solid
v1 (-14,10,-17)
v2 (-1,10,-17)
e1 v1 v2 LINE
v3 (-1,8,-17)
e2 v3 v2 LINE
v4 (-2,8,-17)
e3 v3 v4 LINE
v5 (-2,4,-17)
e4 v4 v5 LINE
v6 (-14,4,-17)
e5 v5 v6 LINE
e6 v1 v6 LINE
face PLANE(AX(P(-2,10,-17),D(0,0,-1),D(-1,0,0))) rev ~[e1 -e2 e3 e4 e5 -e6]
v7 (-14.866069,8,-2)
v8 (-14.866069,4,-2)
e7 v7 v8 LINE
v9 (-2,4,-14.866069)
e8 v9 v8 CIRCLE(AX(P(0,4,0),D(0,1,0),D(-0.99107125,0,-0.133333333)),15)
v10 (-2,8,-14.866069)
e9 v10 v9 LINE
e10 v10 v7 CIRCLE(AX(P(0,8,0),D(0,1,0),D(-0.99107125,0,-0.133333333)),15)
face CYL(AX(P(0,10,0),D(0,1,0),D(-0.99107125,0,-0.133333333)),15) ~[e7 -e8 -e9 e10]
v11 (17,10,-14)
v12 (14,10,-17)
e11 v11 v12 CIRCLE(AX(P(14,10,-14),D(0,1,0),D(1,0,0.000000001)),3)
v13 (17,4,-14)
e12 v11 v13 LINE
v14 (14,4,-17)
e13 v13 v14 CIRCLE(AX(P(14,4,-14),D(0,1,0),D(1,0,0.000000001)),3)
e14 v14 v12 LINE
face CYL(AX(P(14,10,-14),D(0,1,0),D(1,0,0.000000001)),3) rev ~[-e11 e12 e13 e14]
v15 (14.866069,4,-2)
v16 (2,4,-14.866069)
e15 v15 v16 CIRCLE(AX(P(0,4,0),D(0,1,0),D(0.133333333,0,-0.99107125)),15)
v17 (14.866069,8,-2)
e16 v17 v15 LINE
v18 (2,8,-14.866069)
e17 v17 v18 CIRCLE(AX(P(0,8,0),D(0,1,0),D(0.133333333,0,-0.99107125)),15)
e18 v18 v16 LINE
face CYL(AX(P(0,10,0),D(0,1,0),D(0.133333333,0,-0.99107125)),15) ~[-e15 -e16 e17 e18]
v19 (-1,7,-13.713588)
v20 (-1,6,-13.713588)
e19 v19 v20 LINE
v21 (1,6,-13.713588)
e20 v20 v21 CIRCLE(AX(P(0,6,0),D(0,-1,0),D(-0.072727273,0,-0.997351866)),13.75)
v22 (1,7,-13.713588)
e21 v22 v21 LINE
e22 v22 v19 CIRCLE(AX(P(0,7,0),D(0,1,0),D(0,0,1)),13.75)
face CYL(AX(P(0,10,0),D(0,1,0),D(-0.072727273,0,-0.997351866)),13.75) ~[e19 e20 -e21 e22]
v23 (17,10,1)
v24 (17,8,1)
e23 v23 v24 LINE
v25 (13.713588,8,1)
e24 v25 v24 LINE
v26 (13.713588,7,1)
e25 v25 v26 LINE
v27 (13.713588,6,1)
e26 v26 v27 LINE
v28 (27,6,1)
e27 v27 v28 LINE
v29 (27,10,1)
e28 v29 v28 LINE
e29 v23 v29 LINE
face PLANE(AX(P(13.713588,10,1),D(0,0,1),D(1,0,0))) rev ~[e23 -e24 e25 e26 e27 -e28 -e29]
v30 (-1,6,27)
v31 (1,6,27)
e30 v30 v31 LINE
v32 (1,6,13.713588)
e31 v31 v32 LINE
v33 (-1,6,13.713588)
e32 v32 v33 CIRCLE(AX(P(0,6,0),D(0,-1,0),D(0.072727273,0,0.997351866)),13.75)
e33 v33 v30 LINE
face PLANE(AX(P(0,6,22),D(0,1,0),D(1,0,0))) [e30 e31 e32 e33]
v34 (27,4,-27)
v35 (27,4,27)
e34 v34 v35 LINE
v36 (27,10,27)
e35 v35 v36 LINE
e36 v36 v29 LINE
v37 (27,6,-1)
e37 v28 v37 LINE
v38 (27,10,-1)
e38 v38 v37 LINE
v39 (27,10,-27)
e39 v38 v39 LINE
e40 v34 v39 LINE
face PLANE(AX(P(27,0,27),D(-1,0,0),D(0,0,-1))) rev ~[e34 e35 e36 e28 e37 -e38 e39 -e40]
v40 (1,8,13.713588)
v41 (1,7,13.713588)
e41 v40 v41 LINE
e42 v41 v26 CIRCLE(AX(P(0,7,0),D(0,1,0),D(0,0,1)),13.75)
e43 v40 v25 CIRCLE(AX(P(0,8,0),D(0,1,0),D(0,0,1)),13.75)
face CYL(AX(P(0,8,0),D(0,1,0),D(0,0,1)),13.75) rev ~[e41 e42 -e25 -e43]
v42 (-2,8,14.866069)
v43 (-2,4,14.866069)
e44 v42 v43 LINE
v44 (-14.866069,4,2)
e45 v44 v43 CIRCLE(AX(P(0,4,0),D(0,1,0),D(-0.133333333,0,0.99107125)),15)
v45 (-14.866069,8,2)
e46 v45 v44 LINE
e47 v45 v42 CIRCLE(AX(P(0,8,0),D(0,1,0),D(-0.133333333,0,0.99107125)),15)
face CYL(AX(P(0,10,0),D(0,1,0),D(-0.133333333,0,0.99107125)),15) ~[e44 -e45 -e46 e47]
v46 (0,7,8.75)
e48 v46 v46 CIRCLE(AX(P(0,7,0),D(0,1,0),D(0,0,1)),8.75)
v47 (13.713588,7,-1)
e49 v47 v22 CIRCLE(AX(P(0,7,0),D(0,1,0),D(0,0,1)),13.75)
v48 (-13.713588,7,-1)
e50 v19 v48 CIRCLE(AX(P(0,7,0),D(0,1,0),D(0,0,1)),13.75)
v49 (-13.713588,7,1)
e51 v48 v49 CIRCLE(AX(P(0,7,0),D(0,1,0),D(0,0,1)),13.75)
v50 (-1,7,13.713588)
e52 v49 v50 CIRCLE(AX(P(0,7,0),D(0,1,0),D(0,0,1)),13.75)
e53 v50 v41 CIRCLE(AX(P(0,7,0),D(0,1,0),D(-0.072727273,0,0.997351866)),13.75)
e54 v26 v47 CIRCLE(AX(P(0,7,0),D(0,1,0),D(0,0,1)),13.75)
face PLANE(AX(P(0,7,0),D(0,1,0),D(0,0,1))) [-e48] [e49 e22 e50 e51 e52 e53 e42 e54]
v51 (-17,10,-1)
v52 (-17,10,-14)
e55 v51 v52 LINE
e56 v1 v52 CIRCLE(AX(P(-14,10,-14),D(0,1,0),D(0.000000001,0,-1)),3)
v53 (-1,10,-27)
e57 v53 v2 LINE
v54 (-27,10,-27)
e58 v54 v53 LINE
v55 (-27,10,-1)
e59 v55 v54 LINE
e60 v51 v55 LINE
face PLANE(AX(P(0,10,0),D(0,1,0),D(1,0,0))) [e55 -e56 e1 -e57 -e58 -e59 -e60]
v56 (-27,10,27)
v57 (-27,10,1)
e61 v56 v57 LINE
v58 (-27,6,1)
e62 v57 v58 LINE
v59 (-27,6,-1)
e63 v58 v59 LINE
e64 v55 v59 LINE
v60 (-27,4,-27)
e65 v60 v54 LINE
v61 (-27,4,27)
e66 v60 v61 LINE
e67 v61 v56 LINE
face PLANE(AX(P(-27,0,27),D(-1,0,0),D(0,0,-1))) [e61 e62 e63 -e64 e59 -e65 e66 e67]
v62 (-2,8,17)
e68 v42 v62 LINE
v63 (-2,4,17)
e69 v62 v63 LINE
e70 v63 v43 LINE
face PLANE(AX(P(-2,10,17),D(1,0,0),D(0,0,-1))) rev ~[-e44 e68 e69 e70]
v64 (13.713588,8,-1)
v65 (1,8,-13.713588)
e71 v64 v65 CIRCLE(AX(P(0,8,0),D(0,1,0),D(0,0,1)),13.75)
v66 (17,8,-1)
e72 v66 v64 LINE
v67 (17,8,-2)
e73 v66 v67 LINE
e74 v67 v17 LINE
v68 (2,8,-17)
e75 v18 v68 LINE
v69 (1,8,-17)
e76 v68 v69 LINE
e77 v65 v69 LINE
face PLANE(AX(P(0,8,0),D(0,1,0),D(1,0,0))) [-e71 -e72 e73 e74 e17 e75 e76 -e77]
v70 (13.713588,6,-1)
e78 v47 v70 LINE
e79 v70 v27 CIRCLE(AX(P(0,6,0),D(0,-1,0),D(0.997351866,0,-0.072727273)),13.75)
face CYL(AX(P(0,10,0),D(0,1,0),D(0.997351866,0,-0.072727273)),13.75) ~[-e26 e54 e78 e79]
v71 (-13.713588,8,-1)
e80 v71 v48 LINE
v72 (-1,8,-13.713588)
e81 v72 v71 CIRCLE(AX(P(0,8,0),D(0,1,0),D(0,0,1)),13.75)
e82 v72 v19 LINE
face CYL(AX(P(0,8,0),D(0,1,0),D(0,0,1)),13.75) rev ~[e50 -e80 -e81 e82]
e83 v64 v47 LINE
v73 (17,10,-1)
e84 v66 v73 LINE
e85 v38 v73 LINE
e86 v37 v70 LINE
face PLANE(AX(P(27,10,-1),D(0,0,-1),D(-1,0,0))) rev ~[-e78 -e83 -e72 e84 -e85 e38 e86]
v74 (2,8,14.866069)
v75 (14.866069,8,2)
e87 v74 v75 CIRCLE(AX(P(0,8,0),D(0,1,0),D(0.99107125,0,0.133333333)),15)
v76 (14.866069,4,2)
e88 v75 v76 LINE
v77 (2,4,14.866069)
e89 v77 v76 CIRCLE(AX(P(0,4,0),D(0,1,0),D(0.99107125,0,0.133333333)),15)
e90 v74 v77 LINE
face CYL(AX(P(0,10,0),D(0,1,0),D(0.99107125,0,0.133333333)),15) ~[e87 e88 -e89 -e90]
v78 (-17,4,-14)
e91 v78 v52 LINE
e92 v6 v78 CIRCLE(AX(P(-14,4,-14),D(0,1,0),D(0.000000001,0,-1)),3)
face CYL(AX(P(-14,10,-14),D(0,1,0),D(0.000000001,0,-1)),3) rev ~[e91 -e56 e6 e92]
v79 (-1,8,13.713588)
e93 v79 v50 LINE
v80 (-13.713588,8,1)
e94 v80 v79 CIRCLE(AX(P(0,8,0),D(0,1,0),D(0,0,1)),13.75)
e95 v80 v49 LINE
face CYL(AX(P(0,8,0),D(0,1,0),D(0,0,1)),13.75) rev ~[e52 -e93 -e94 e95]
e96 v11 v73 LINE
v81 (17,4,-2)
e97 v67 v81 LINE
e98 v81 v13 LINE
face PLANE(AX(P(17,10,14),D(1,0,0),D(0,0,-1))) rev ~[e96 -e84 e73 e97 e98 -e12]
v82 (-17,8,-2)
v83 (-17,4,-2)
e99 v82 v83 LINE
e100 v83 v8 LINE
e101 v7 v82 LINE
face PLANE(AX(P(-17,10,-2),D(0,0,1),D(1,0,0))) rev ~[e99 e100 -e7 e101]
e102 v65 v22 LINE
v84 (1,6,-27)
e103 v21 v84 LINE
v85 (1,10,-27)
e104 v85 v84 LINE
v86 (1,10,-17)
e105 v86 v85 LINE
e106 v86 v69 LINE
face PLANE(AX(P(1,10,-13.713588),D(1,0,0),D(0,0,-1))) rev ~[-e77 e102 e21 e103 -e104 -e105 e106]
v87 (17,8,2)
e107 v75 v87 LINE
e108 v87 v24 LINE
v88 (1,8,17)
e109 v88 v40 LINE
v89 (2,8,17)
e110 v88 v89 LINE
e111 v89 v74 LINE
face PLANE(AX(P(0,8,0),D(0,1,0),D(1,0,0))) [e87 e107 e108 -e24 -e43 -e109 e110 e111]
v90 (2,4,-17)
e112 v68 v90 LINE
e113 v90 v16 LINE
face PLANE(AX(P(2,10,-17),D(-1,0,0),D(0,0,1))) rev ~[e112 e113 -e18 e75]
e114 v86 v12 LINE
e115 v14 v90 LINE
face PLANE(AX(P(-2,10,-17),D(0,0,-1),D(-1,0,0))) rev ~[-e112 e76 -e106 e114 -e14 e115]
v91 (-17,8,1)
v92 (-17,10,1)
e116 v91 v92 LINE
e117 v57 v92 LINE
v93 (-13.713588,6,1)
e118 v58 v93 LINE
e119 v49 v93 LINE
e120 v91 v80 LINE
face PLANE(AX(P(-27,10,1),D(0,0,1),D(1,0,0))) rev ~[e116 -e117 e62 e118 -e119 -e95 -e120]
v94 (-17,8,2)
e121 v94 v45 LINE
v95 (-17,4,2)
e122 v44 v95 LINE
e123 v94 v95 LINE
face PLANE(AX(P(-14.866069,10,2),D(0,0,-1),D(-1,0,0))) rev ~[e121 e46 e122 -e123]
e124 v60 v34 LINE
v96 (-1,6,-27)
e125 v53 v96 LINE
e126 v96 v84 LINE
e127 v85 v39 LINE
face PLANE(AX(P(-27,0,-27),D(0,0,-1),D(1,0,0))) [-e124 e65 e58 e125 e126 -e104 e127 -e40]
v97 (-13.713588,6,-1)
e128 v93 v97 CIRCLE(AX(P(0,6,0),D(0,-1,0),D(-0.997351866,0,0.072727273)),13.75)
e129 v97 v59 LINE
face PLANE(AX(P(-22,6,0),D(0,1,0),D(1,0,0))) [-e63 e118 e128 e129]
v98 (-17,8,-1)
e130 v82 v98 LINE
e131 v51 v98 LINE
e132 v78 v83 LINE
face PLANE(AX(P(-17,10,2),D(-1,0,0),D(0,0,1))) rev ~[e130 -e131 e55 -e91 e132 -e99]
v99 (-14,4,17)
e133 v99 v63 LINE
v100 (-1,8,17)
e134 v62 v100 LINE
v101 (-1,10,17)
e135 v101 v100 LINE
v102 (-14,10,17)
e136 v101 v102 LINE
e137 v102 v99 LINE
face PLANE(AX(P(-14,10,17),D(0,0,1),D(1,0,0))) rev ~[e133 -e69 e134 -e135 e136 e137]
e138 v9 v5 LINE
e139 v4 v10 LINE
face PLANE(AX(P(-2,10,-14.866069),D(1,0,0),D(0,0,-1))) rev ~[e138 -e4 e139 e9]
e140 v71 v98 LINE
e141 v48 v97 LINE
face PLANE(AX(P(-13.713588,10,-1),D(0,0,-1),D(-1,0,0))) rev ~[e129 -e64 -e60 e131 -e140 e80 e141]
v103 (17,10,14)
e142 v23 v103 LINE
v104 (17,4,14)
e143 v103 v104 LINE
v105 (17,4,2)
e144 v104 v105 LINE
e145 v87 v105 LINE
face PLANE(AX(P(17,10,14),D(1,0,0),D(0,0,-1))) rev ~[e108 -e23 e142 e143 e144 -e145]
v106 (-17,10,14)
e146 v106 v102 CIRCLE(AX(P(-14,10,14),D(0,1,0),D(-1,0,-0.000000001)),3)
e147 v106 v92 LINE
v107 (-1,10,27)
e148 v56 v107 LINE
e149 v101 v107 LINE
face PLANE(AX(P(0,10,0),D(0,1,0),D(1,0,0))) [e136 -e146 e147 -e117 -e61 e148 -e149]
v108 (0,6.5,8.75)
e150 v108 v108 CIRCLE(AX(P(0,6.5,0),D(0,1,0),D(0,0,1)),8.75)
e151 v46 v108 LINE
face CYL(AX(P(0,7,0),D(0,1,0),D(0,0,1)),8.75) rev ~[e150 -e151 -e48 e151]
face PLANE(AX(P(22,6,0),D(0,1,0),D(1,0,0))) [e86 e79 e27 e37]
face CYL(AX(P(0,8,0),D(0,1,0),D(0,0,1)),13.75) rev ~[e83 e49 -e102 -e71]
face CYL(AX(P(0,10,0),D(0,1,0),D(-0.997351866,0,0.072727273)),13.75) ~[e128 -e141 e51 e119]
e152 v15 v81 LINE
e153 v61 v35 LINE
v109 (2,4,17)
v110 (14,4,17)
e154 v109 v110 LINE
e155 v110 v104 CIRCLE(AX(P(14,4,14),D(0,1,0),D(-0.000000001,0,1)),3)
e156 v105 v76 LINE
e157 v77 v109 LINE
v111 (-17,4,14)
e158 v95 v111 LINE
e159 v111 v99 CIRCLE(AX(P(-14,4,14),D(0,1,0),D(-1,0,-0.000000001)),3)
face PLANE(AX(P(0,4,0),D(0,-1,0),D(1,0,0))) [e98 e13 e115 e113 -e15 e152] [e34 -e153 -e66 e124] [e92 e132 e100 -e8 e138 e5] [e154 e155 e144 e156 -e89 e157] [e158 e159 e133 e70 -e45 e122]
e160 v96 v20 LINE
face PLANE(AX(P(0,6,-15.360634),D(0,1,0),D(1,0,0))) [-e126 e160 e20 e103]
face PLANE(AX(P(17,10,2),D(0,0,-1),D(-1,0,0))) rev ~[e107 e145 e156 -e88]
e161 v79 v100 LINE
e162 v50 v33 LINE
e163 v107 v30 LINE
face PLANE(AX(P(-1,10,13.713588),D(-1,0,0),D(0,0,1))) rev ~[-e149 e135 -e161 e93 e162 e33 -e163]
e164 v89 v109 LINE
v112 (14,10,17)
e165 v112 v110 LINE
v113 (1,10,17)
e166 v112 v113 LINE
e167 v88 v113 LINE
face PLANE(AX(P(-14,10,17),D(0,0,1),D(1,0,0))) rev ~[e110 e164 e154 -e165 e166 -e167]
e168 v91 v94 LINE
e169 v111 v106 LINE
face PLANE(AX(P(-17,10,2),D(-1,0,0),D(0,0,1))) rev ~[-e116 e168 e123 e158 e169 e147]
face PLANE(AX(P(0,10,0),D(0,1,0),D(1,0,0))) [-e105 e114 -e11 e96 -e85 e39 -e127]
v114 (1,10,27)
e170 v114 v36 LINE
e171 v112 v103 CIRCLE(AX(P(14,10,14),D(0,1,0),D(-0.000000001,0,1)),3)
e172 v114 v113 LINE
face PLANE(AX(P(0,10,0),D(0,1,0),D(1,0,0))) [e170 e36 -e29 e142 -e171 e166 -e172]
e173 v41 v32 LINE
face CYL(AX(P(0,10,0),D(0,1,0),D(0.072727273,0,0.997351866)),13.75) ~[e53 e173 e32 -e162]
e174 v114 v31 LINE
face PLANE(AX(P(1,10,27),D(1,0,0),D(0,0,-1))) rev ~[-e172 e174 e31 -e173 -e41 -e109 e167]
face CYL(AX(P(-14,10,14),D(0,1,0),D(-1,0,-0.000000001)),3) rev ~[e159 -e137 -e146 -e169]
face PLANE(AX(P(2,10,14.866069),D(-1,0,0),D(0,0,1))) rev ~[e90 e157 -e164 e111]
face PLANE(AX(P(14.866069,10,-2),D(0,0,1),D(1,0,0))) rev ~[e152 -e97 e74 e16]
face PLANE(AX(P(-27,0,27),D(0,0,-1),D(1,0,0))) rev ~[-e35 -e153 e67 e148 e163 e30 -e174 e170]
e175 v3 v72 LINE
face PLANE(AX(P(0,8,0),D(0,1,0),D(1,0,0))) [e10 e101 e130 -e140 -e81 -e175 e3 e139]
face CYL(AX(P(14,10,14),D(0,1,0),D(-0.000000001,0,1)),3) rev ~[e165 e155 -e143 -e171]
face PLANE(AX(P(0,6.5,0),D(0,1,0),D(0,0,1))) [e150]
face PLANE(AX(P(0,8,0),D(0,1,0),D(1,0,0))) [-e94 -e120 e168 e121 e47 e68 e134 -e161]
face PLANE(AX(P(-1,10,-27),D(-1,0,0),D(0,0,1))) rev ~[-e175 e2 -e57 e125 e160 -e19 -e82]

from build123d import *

# Parameters (mm, degrees)
SKETCH1_W             = 54
SKETCH1_H             = 54
BOSS_EXTRUDE1_DEPTH   = 10
CUT_EXTRUDE2_DEPTH    = 40.471508712
CUT_EXTRUDE3_DEPTH    = 2
SKETCH4_R             = 13.75
CUT_EXTRUDE4_DEPTH    = 1
SKETCH5_W             = 2
SKETCH5_H             = 10
SKETCH5_W_2           = 10
SKETCH5_H_2           = 2
CUT_EXTRUDE5_DEPTH    = 4
SKETCH7_R             = 8.75
CUT_EXTRUDE7_DEPTH    = 0.5
CROQUIS1_W            = 54
CROQUIS1_H            = 54
CORTAR_EXTRUIR1_DEPTH = 4


with BuildPart() as part:
    # Sketch1 → Boss-Extrude1 (new body)
    with BuildSketch(Plane(origin=(0, 0, 0), x_dir=(1, 0, 0), z_dir=(0, 1, 0))):
        Rectangle(SKETCH1_W, SKETCH1_H)
    extrude(amount=BOSS_EXTRUDE1_DEPTH)

    # Sketch2 → Cut-Extrude2 (cut, through all)
    with BuildSketch(Plane(origin=(0, 10, 0), x_dir=(1, 0, 0), z_dir=(0, 1, 0))):
        with BuildLine():
            ThreePointArc((-17, -14), (-16.121320344, -16.121320344), (-14, -17))
            Line((-14, -17), (-2, -17))
            Line((-2, -17), (-2, -14.866068747))
            ThreePointArc((-2, -14.866068747), (-10.606601718, -10.606601718), (-14.866068747, -2))
            Line((-14.866068747, -2), (-17, -2))
            Line((-17, -2), (-17, -14))
        make_face()
        with BuildLine():
            Line((2, -14.866068747), (2, -17))
            Line((2, -17), (14, -17))
            ThreePointArc((14, -17), (16.121320344, -16.121320344), (17, -14))
            Line((17, -14), (17, -2))
            Line((17, -2), (14.866068747, -2))
            ThreePointArc((14.866068747, -2), (10.606601718, -10.606601718), (2, -14.866068747))
        make_face()
        with BuildLine():
            Line((-17, 14), (-17, 2))
            Line((-17, 2), (-14.866068747, 2))
            ThreePointArc((-14.866068747, 2), (-10.606601718, 10.606601718), (-2, 14.866068747))
            Line((-2, 14.866068747), (-2, 17))
            Line((-2, 17), (-14, 17))
            ThreePointArc((-14, 17), (-16.121320344, 16.121320344), (-17, 14))
        make_face()
        with BuildLine():
            Line((14.866068747, 2), (17, 2))
            Line((17, 2), (17, 14))
            ThreePointArc((17, 14), (16.121320344, 16.121320344), (14, 17))
            Line((14, 17), (2, 17))
            Line((2, 17), (2, 14.866068747))
            ThreePointArc((2, 14.866068747), (10.606601718, 10.606601718), (14.866068747, 2))
        make_face()
    extrude(amount=-CUT_EXTRUDE2_DEPTH, mode=Mode.SUBTRACT)

    # Sketch3 → Cut-Extrude3 (cut)
    with BuildSketch(Plane(origin=(0, 10, 0), x_dir=(1, 0, 0), z_dir=(0, 1, 0))):
        with BuildLine():
            Line((-14, -17), (14, -17))
            ThreePointArc((14, -17), (16.121320344, -16.121320344), (17, -14))
            Line((17, -14), (17, 14))
            ThreePointArc((17, 14), (16.121320344, 16.121320344), (14, 17))
            Line((14, 17), (-14, 17))
            ThreePointArc((-14, 17), (-16.121320344, 16.121320344), (-17, 14))
            Line((-17, 14), (-17, -14))
            ThreePointArc((-17, -14), (-16.121320344, -16.121320344), (-14, -17))
        make_face()
    extrude(amount=-CUT_EXTRUDE3_DEPTH, mode=Mode.SUBTRACT)

    # Sketch4 → Cut-Extrude4 (cut)
    with BuildSketch(Plane(origin=(0, 8, 0), x_dir=(1, 0, 0), z_dir=(0, 1, 0))):
        with Locations(Location((0, 0, 0), (0, 0, 270))):
            Circle(SKETCH4_R)
    extrude(amount=-CUT_EXTRUDE4_DEPTH, mode=Mode.SUBTRACT)

    # Sketch5 → Cut-Extrude5 (cut)
    with BuildSketch(Plane(origin=(0, 10, 0), x_dir=(1, 0, 0), z_dir=(0, 1, 0))):
        with Locations((0, -22)):
            Rectangle(SKETCH5_W, SKETCH5_H)
        with BuildLine():
            Line((1, -17), (1, -13.713588152))
            ThreePointArc((1, -13.713588152), (0, -13.75), (-1, -13.713588152))
            Line((-1, -13.713588152), (-1, -17))
            Line((-1, -17), (1, -17))
        make_face()
        with Locations((22, 0)):
            Rectangle(SKETCH5_W_2, SKETCH5_H_2)
        with BuildLine():
            Line((17, 1), (13.713588152, 1))
            ThreePointArc((13.713588152, 1), (13.75, 0), (13.713588152, -1))
            Line((13.713588152, -1), (17, -1))
            Line((17, -1), (17, 1))
        make_face()
        with BuildLine():
            Line((1, 17), (-1, 17))
            Line((-1, 17), (-1, 13.713588152))
            ThreePointArc((-1, 13.713588152), (0, 13.75), (1, 13.713588152))
            Line((1, 13.713588152), (1, 17))
        make_face()
        with Locations((0, 22)):
            Rectangle(SKETCH5_W, SKETCH5_H)
        with Locations((-22, 0)):
            Rectangle(SKETCH5_W_2, SKETCH5_H_2)
        with BuildLine():
            Line((-13.713588152, 1), (-17, 1))
            Line((-17, 1), (-17, -1))
            Line((-17, -1), (-13.713588152, -1))
            ThreePointArc((-13.713588152, -1), (-13.75, 0), (-13.713588152, 1))
        make_face()
    extrude(amount=-CUT_EXTRUDE5_DEPTH, mode=Mode.SUBTRACT)

    # Sketch7 → Cut-Extrude7 (cut)
    with BuildSketch(Plane(origin=(0, 7, 0), x_dir=(1, 0, 0), z_dir=(0, 1, 0))):
        with Locations(Location((0, 0, 0), (0, 0, 270))):
            Circle(SKETCH7_R)
    extrude(amount=-CUT_EXTRUDE7_DEPTH, mode=Mode.SUBTRACT)

    # Croquis1 → Cortar-Extruir1 (cut)
    with BuildSketch(Plane.XZ):
        Rectangle(CROQUIS1_W, CROQUIS1_H)
    extrude(amount=-CORTAR_EXTRUIR1_DEPTH, mode=Mode.SUBTRACT)


solid = part.part
